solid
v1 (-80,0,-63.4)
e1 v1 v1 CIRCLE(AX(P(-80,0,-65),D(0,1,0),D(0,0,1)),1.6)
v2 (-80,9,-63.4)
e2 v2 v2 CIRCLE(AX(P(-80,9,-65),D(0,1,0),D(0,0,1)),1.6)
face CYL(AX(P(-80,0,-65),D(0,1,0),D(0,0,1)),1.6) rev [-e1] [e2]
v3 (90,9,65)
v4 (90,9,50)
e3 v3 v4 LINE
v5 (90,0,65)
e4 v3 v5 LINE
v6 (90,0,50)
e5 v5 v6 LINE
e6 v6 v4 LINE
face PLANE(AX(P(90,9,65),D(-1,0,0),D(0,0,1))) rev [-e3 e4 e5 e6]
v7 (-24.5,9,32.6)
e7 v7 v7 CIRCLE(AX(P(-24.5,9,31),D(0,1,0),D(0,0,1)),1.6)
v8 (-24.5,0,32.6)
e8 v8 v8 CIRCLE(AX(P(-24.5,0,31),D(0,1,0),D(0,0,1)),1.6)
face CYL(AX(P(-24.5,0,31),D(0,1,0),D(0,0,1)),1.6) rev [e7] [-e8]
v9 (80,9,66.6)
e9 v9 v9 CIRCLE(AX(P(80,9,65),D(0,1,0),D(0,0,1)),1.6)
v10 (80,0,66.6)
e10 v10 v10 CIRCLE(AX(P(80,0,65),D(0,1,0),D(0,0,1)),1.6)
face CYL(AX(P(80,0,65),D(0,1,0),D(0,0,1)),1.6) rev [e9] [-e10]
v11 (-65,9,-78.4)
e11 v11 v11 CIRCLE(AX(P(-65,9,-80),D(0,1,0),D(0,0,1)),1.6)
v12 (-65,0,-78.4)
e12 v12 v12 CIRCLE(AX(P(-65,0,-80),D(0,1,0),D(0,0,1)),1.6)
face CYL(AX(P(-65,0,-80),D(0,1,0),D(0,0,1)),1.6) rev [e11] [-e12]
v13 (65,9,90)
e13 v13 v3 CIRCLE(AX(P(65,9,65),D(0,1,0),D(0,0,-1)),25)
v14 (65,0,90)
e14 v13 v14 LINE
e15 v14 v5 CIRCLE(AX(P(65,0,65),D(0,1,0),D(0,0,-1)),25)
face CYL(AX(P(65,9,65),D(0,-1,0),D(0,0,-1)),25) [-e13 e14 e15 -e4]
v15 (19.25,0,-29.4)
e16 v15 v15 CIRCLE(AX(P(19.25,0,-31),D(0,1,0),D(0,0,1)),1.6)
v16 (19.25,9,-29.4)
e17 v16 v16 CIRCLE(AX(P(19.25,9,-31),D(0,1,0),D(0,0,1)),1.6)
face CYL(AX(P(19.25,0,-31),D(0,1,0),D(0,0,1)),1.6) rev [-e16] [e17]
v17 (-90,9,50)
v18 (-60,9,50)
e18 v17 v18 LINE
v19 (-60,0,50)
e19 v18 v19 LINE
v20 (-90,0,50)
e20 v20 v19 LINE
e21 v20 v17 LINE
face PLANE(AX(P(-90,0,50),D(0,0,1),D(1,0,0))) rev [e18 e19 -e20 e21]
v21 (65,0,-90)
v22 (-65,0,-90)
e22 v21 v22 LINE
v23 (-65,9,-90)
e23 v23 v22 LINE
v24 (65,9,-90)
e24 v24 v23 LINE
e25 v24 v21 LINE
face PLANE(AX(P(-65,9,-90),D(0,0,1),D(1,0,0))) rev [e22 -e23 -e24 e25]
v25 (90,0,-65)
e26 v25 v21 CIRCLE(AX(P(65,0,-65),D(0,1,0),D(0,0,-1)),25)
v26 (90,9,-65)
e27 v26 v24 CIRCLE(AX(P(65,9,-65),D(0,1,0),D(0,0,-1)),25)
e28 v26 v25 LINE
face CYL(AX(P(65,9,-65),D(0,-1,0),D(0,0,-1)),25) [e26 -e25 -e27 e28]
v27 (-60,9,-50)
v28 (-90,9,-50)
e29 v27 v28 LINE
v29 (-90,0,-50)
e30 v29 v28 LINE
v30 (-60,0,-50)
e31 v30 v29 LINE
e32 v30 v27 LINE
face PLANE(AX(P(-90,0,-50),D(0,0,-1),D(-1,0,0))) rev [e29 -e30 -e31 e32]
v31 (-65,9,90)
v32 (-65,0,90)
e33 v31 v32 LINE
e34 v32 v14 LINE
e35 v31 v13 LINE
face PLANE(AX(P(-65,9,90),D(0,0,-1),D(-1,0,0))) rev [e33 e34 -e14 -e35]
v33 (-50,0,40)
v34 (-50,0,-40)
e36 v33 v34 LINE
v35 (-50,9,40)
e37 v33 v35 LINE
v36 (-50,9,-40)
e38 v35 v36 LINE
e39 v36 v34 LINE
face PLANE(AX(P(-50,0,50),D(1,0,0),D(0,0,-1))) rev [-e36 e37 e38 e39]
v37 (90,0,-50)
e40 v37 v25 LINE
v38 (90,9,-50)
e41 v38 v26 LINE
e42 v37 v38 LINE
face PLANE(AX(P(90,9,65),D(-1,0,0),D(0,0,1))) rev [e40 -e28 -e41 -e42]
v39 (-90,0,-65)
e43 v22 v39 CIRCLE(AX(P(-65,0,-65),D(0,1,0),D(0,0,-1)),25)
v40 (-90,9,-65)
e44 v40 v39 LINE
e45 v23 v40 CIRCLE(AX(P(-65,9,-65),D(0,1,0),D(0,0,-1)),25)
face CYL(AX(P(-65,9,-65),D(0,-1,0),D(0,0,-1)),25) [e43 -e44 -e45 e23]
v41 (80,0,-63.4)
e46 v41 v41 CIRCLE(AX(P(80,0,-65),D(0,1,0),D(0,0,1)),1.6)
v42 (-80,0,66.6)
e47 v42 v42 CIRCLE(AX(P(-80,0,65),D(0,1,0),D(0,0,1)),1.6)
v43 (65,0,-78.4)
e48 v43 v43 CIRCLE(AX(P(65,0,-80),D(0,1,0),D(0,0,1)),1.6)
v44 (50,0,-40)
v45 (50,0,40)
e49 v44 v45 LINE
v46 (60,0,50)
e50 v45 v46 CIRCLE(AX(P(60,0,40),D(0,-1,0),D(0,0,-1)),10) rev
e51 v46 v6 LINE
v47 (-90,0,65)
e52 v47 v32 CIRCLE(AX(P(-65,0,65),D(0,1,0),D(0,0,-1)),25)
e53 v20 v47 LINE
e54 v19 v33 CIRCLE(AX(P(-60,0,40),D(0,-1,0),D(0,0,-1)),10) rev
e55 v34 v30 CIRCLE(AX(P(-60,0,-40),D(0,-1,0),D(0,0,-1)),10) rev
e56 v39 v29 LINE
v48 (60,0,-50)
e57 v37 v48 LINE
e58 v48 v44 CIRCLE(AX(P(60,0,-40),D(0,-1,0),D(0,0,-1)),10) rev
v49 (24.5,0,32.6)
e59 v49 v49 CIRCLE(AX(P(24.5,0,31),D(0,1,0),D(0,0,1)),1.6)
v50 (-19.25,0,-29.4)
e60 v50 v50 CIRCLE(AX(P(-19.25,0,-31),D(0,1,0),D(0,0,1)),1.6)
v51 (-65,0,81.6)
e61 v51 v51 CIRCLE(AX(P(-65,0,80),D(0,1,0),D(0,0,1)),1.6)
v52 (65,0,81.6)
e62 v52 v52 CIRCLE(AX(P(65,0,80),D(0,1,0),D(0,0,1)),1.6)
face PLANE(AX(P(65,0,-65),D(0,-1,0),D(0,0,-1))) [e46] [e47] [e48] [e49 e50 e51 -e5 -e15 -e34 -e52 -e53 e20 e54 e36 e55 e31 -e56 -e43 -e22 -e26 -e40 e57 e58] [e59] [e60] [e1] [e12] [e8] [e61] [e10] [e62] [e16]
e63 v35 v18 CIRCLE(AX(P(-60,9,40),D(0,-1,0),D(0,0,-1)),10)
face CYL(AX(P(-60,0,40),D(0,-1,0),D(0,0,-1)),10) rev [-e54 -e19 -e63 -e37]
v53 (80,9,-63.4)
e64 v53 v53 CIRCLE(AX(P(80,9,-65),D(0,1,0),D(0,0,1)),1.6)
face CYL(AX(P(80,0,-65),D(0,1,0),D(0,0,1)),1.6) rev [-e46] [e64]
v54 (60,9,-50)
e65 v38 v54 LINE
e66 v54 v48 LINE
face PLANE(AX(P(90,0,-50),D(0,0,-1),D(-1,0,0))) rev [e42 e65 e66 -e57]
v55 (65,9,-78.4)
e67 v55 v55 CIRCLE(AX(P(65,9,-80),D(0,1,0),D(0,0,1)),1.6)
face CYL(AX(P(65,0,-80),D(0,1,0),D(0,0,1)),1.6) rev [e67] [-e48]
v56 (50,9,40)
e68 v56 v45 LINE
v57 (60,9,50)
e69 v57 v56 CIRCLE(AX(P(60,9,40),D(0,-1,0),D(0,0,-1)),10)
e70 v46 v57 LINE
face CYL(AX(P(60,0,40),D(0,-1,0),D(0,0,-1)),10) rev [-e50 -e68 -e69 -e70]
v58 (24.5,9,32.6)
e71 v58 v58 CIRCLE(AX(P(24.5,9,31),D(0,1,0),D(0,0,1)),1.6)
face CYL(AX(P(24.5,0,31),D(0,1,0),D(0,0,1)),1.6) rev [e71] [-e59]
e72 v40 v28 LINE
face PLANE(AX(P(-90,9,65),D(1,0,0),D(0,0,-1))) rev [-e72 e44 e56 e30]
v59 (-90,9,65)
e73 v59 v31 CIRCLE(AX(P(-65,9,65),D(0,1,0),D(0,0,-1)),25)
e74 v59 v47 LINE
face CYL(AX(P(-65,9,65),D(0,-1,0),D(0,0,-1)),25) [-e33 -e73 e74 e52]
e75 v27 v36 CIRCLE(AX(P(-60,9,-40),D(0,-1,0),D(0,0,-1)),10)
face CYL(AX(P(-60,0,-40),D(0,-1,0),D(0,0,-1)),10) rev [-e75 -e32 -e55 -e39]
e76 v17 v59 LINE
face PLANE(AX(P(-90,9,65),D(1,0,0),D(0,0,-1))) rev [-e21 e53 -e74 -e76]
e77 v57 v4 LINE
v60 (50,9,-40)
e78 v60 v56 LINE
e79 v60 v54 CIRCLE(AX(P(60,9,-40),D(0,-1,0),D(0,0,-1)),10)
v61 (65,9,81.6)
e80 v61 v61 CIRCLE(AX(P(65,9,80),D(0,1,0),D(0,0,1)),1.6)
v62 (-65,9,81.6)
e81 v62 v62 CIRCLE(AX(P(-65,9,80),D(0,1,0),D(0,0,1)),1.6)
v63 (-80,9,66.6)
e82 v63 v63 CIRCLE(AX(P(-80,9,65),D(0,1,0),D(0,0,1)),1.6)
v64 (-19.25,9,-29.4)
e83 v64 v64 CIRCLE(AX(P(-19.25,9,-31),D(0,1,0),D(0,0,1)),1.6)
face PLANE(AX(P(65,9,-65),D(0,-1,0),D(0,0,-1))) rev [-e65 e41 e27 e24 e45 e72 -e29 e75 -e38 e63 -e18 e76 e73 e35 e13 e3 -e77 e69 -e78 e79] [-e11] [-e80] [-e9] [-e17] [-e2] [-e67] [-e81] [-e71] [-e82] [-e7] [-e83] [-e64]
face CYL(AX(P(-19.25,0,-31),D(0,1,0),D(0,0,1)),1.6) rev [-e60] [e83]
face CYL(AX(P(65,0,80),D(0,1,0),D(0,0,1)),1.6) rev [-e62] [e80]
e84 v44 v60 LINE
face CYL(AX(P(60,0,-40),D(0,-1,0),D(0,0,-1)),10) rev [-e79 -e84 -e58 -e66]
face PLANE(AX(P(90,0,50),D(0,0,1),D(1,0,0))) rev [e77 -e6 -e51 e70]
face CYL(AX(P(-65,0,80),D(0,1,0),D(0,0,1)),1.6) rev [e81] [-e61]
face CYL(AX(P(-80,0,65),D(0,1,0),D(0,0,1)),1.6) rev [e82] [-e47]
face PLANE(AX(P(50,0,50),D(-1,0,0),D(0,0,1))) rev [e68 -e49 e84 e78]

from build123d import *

# Parameters (mm, degrees)
PLATE_DEPTH         = 9
SKETCH3_R           = 1.6
HEX_HOLES_DEPTH     = 128.597021909
SKETCH4_R           = 1.6
ARDUINO_HOLES_DEPTH = 128.597021909
SKETCH5_W           = 40
SKETCH5_H           = 100
CUT_EXTRUDE1_DEPTH  = 128.597021909
FILLET1_R           = 10


with BuildPart() as part:
    # Sketch1 → Plate (new body)
    with BuildSketch(Plane(origin=(0, 0, 0), x_dir=(1, 0, 0), z_dir=(0, 1, 0))):
        with BuildLine():
            Line((-65, -90), (65, -90))
            ThreePointArc((65, -90), (82.67766953, -82.67766953), (90, -65))
            Line((90, -65), (90, 65))
            ThreePointArc((90, 65), (82.67766953, 82.67766953), (65, 90))
            Line((65, 90), (-65, 90))
            ThreePointArc((-65, 90), (-82.67766953, 82.67766953), (-90, 65))
            Line((-90, 65), (-90, -65))
            ThreePointArc((-90, -65), (-82.67766953, -82.67766953), (-65, -90))
        make_face()
    extrude(amount=PLATE_DEPTH)

    # Sketch3 → Hex Holes (cut, through all)
    with BuildSketch(Plane(origin=(0, 9, 0), x_dir=(1, 0, 0), z_dir=(0, 1, 0))):
        with Locations(Location((-65, 80, 0), (0, 0, 270))):
            Circle(SKETCH3_R)
        with Locations(Location((-80, 65, 0), (0, 0, 270))):
            Circle(SKETCH3_R)
        with Locations(Location((80, 65, 0), (0, 0, 270))):
            Circle(SKETCH3_R)
        with Locations(Location((80, -65, 0), (0, 0, 270))):
            Circle(SKETCH3_R)
        with Locations(Location((65, 80, 0), (0, 0, 270))):
            Circle(SKETCH3_R)
        with Locations(Location((65, -80, 0), (0, 0, 270))):
            Circle(SKETCH3_R)
        with Locations(Location((-65, -80, 0), (0, 0, 270))):
            Circle(SKETCH3_R)
        with Locations(Location((-80, -65, 0), (0, 0, 270))):
            Circle(SKETCH3_R)
    extrude(amount=-HEX_HOLES_DEPTH, mode=Mode.SUBTRACT)

    # Sketch4 → Arduino Holes (cut, through all)
    with BuildSketch(Plane(origin=(0, 9, 0), x_dir=(1, 0, 0), z_dir=(0, 1, 0))):
        with Locations(Location((-24.5, -31, 0), (0, 0, 270))):
            Circle(SKETCH4_R)
        with Locations(Location((24.5, -31, 0), (0, 0, 270))):
            Circle(SKETCH4_R)
        with Locations(Location((-19.25, 31, 0), (0, 0, 270))):
            Circle(SKETCH4_R)
        with Locations(Location((19.25, 31, 0), (0, 0, 270))):
            Circle(SKETCH4_R)
    extrude(amount=-ARDUINO_HOLES_DEPTH, mode=Mode.SUBTRACT)

    # Sketch5 → Cut-Extrude1 (cut, through all)
    with BuildSketch(Plane(origin=(0, 9, 0), x_dir=(1, 0, 0), z_dir=(0, 1, 0))):
        with Locations((-70, 0)):
            Rectangle(SKETCH5_W, SKETCH5_H)
        with Locations((70, 0)):
            Rectangle(SKETCH5_W, SKETCH5_H)
    extrude(amount=-CUT_EXTRUDE1_DEPTH, mode=Mode.SUBTRACT)

    # Fillet1
    fillet1_edges = [part.edges().sort_by_distance(p)[0] for p in [
        (50, 4.5, 50),
        (50, 4.5, -50),
        (-50, 4.5, -50),
        (-50, 4.5, 50),
    ]]
    fillet(fillet1_edges, radius=FILLET1_R)


solid = part.part
